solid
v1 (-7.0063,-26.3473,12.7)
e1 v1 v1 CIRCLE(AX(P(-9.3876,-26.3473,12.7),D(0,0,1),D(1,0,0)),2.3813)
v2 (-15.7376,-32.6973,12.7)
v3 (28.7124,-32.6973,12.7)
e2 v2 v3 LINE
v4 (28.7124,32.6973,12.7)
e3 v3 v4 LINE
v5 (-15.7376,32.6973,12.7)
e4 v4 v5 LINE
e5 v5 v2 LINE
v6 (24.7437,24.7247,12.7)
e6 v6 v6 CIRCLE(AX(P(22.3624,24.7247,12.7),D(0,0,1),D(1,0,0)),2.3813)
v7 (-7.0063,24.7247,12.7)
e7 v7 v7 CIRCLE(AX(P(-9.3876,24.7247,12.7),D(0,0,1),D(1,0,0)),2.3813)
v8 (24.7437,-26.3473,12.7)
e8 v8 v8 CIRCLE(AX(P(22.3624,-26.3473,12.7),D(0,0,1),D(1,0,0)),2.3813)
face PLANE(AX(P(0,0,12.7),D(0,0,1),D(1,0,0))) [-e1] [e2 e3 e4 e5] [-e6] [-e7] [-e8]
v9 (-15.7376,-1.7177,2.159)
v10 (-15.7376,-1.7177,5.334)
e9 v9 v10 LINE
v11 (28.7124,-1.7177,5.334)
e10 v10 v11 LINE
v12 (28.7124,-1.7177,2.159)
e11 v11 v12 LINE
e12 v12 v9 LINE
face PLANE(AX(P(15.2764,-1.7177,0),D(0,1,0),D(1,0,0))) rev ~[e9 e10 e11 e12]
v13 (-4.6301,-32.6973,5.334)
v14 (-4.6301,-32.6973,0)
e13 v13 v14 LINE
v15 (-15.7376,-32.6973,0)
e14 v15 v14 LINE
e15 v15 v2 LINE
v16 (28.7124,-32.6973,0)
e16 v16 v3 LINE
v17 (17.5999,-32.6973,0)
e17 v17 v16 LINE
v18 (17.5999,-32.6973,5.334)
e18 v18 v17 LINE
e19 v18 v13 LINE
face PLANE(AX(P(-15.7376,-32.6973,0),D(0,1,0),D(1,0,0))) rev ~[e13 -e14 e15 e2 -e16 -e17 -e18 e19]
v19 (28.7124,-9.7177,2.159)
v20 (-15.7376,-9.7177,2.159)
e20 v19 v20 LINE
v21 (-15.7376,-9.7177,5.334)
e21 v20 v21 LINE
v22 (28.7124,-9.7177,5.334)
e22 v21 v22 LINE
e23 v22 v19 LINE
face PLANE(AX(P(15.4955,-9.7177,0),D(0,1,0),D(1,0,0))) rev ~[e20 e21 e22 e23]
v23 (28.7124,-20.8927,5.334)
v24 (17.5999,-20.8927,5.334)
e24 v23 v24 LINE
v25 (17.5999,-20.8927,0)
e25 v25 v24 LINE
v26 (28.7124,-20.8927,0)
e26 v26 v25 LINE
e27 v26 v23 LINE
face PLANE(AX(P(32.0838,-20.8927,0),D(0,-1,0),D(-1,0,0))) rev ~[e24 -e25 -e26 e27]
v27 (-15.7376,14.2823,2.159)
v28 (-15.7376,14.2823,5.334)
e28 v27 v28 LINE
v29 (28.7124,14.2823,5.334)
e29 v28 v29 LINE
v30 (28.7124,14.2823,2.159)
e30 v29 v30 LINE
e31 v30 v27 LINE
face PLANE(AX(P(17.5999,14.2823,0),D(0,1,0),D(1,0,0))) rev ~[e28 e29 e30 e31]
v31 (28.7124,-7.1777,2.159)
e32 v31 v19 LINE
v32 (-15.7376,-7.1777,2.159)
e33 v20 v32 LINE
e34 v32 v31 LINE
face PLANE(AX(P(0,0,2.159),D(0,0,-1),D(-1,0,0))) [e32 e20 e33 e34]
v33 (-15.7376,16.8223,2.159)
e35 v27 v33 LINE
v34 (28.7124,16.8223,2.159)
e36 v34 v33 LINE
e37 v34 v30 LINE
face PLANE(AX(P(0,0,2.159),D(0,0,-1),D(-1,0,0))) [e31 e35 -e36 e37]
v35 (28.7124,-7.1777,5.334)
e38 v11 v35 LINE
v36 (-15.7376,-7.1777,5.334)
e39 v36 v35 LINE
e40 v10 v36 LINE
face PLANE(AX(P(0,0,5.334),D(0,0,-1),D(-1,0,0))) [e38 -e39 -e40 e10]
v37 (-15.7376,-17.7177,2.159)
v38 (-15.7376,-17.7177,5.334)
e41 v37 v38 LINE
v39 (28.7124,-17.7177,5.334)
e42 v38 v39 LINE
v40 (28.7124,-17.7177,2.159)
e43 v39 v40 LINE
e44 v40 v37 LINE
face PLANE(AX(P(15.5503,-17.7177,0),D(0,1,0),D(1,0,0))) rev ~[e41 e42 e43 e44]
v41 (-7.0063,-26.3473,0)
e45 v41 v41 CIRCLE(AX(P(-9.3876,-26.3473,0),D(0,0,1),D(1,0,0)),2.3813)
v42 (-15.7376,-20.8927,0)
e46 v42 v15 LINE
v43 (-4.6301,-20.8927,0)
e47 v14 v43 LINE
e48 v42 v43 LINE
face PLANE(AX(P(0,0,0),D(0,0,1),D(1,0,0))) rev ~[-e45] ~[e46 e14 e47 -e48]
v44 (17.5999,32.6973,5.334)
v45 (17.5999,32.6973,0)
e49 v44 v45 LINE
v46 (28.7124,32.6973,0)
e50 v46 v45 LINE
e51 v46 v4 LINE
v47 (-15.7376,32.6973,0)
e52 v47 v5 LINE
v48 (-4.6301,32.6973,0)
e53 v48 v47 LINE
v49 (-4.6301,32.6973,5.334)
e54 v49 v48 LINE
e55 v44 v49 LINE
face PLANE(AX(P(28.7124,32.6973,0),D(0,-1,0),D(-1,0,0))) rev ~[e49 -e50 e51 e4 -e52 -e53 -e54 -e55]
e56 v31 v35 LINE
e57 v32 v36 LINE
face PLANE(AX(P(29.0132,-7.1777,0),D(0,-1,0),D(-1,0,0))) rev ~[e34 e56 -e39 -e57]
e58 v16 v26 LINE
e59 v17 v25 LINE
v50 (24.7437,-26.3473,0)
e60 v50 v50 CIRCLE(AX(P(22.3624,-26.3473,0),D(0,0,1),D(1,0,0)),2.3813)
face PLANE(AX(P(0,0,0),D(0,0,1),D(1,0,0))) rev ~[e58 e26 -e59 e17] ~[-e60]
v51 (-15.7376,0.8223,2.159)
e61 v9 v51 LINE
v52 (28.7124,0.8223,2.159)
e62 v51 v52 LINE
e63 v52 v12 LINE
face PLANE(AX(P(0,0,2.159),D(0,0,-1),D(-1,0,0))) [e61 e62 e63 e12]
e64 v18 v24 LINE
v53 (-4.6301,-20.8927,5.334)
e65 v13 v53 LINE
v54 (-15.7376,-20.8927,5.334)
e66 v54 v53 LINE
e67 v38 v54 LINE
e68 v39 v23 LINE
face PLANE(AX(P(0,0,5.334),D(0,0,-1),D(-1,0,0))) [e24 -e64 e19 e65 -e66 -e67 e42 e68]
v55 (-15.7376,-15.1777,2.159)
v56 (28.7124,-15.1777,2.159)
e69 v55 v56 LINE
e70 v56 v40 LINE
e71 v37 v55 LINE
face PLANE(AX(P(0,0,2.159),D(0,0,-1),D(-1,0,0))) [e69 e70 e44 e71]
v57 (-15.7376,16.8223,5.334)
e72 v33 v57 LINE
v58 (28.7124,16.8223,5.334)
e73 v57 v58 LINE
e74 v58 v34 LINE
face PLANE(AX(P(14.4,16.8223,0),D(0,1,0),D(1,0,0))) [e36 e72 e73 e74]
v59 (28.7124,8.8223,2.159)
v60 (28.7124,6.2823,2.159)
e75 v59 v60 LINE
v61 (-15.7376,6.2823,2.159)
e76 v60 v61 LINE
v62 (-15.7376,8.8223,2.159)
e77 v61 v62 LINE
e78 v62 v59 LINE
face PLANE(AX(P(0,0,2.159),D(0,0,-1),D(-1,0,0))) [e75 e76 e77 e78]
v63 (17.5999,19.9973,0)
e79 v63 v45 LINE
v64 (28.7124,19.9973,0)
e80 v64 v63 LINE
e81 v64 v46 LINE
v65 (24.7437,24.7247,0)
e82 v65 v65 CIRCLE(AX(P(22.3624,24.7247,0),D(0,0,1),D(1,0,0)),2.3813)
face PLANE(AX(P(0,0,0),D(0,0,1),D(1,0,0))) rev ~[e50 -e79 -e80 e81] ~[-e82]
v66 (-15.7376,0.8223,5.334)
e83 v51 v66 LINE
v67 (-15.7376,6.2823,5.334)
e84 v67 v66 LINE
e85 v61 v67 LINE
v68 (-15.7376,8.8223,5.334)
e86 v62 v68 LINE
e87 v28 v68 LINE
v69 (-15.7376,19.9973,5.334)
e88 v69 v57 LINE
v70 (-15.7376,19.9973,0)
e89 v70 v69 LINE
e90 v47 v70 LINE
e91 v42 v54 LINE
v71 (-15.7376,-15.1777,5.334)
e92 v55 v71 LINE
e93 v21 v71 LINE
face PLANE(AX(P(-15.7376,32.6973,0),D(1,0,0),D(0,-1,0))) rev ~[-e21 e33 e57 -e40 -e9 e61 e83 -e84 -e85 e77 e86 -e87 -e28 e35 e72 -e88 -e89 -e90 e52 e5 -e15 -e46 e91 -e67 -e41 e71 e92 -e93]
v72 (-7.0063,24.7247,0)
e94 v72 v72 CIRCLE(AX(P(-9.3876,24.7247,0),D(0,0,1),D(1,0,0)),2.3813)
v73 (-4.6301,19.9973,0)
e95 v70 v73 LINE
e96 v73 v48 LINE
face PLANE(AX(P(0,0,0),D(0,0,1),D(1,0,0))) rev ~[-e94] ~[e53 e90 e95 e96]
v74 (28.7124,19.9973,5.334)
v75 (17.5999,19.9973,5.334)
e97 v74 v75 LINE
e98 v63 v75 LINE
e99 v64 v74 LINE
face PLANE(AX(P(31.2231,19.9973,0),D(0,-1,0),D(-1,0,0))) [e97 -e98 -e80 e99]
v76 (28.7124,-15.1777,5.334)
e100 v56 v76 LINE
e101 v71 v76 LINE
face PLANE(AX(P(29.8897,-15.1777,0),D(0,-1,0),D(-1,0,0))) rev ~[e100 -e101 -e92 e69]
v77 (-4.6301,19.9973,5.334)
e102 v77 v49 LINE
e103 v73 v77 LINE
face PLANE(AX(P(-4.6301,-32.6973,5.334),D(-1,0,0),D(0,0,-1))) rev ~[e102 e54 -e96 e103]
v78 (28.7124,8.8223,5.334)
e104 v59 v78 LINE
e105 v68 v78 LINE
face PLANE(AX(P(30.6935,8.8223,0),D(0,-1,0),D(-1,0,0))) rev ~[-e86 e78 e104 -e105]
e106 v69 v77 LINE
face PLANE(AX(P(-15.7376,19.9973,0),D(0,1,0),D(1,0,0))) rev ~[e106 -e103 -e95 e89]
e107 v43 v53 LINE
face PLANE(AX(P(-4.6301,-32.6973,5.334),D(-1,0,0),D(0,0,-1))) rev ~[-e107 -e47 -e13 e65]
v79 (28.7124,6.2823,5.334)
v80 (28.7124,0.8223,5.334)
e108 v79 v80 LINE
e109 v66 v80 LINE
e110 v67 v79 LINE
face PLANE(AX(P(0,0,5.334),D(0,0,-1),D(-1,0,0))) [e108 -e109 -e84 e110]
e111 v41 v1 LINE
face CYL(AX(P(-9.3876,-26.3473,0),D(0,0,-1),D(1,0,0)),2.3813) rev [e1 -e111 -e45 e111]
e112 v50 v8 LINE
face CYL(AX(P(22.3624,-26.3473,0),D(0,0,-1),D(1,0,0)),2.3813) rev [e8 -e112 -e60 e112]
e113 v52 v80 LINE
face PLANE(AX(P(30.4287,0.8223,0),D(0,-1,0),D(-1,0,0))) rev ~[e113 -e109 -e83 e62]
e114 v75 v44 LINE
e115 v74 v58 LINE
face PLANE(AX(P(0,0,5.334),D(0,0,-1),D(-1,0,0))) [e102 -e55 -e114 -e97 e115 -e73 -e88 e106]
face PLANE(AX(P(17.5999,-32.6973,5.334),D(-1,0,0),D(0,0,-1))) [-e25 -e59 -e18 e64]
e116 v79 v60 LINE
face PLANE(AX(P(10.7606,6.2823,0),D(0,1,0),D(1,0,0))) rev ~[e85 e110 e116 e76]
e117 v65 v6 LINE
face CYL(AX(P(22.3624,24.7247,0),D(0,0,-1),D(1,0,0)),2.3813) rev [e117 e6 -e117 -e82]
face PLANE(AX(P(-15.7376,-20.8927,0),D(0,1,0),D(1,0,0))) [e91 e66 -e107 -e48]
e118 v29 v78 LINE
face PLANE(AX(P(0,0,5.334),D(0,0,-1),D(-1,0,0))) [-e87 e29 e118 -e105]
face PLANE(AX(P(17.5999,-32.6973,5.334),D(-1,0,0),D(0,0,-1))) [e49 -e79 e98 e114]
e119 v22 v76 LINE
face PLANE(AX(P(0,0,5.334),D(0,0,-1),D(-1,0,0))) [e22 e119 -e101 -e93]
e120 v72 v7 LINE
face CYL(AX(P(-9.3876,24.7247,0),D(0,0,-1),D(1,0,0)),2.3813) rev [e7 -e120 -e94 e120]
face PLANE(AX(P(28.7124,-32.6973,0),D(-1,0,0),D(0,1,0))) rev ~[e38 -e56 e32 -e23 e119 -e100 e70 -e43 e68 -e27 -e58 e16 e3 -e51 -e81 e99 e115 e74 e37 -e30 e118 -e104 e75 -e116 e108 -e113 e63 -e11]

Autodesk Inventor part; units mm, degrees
ref_plane "YZ Plane" through (0, 0, 0) normal (1, 0, 0) x (0, 1, 0)
ref_plane "XZ Plane" through (0, 0, 0) normal (0, 1, 0) x (-1, 0, 0)
sketch "Sketch1" plane through (0, 0, 0) normal (0, 0, 1) x (1, 0, 0)
  circle A0 centre (22.3624, 24.7247) radius 2.3813 projected
  circle A1 centre (22.3624, -26.3473) radius 2.3813 projected
  circle A2 centre (-9.3876, 24.7247) radius 2.3813 projected
  circle A3 centre (-9.3876, -26.3473) radius 2.3813 projected
  line L0 (28.7124, 32.6973) -> (-15.7376, 32.6973) projected
  line L1 (-15.7376, 32.6973) -> (-15.7376, -32.6973) projected
  line L2 (-15.7376, -32.6973) -> (28.7124, -32.6973) projected
  line L3 (28.7124, -32.6973) -> (28.7124, 32.6973) projected
  point P0 (0, 0)
extrude "Extrusion1" add sketch "Sketch1" along normal blind 12.7
sketch "Sketch2" plane through (-15.7376, -32.6973, 0) normal (0, -1, 0) x (1, 0, 0)
  line L0 (11.1075, 69.4178) -> (11.1075, 0)
  line L1 (33.3375, 69.1638) -> (33.3375, 0)
  line L2 (11.1075, 0) -> (33.3375, 0)
  line L3 (0, 9.525) -> (44.45, 9.525)
  line L4 (11.1075, 0) -> (33.3375, 0)
  line L5 (33.3375, 0) -> (33.3375, 5.334)
  line L6 (33.3375, 5.334) -> (11.1075, 5.334)
  line L7 (11.1075, 5.334) -> (11.1075, 0)
  line L8 (0, 0) -> (44.45, 0) projected
  point P0 (15.875, 0)
  point P1 (11.1075, 5.334)
  dimension "d2" = 5.334
  dimension "d21" = 0
extrude "Extrusion2" cut sketch "Sketch2" against normal blind 76.2 contours L6 L1 L2 L0
ref_plane "Work Plane1" through (-16.0653, -32.8267, -33.655) normal (0, 0, -1) x (0, 1, 0)
sketch "Sketch3" plane through (17.5999, -32.6973, 5.334) normal (0, 0, -1) x (-1, 0, 0)
  line L0 (0, 0) -> (0, 65.3946) projected
  line L1 (0, 46.9796) -> (22.23, 46.9796)
  line L2 (22.23, 46.9796) -> (22.23, 49.5196)
  line L3 (22.23, 49.5196) -> (0, 49.5196)
  line L4 (0, 49.5196) -> (0, 46.9796)
  line L5 (0, 65.3946) -> (22.23, 65.3946) projected
  line L6 (33.3375, 65.3946) -> (33.3375, 0) projected
  line L7 (0, 38.9796) -> (22.23, 38.9796)
  line L8 (22.23, 38.9796) -> (22.23, 41.5196)
  line L9 (22.23, 41.5196) -> (0, 41.5196)
  line L10 (0, 41.5196) -> (0, 38.9796)
  line L11 (0, 30.9796) -> (22.23, 30.9796)
  line L12 (22.23, 30.9796) -> (22.23, 33.5196)
  line L13 (22.23, 33.5196) -> (0, 33.5196)
  line L14 (0, 33.5196) -> (0, 30.9796)
  line L15 (0, 22.9796) -> (22.23, 22.9796)
  line L16 (22.23, 22.9796) -> (22.23, 25.5196)
  line L17 (22.23, 25.5196) -> (0, 25.5196)
  line L18 (0, 25.5196) -> (0, 22.9796)
  line L19 (0, 14.9796) -> (22.23, 14.9796)
  line L20 (22.23, 14.9796) -> (22.23, 17.5196)
  line L21 (22.23, 17.5196) -> (0, 17.5196)
  line L22 (0, 17.5196) -> (0, 14.9796)
  point P0 (17.5999, 32.6973)
  point P1 (0, 17.5196)
  point P2 (0, 14.9796)
  point P3 (0, 25.5196)
  point P4 (0, 22.9796)
  point P5 (0, 33.5196)
  point P6 (0, 30.9796)
  point P7 (0, 41.5196)
  point P8 (0, 38.9796)
  point P9 (0, 49.5196)
  dimension "d6" = 15.875
  dimension "d7" = 2.54
  dimension "d10" = 8
extrude "Extrusion3" add sketch "Sketch3" along normal blind 5.334
sketch "Sketch4" plane through (0, 0, 0) normal (0, 0, -1) x (-1, 0, 0)
  line L0 (4.6301, 14.2823) -> (4.6301, 16.8223)
  line L1 (15.7376, 32.6973) -> (15.7376, -32.6973) projected
  line L2 (4.6301, 16.8223) -> (15.7376, 16.8223)
  line L3 (15.7376, 16.8223) -> (15.7376, 19.9973)
  line L4 (15.7376, 19.9973) -> (4.6301, 19.9973)
  line L5 (4.6301, 19.9973) -> (4.6301, 16.8223)
  line L6 (4.6301, 14.2823) -> (4.6301, 8.8223)
  line L7 (4.6301, 6.2823) -> (4.6301, 0.8223)
  line L8 (4.6301, -1.7177) -> (4.6301, -7.1777)
  line L9 (4.6301, -9.7177) -> (4.6301, -15.1777)
  line L10 (-17.5999, 14.2823) -> (4.6301, 14.2823)
  line L11 (4.6301, 14.2823) -> (15.7376, 14.2823)
  line L12 (15.7376, 14.2823) -> (15.7376, 8.8223)
  line L13 (15.7376, 8.8223) -> (4.6301, 8.8223)
  line L14 (4.6301, 8.8223) -> (4.6301, 14.2823)
  line L15 (4.6301, 0.8223) -> (4.6301, 6.2823)
  line L16 (4.6301, 6.2823) -> (15.7376, 6.2823)
  line L17 (15.7376, 6.2823) -> (15.7376, 0.8223)
  line L18 (15.7376, 0.8223) -> (4.6301, 0.8223)
  line L19 (4.6301, 0.8223) -> (4.6301, 6.2823)
  line L20 (4.6301, -7.1777) -> (4.6301, -1.7177)
  line L21 (4.6301, -1.7177) -> (15.7376, -1.7177)
  line L22 (15.7376, -1.7177) -> (15.7376, -7.1777)
  line L23 (15.7376, -7.1777) -> (4.6301, -7.1777)
  line L24 (4.6301, -7.1777) -> (4.6301, -1.7177)
  line L25 (4.6301, -15.1777) -> (4.6301, -9.7177)
  line L26 (4.6301, -9.7177) -> (15.7376, -9.7177)
  line L27 (15.7376, -9.7177) -> (15.7376, -15.1777)
  line L28 (15.7376, -15.1777) -> (4.6301, -15.1777)
  line L29 (4.6301, -15.1777) -> (4.6301, -9.7177)
  line L30 (4.6301, -32.6973) -> (4.6301, -17.7177) projected
  line L31 (4.6301, -17.7177) -> (15.7376, -17.7177)
  line L32 (15.7376, -17.7177) -> (15.7376, -20.8927)
  line L33 (15.7376, -20.8927) -> (4.6301, -20.8927)
  line L34 (4.6301, -20.8927) -> (4.6301, -17.7177)
  line L35 (-28.7124, 32.6973) -> (15.7376, 32.6973) construction
  line L36 (-6.4874, 32.6973) -> (-6.4874, -33.4306) construction
  line L37 (-14.4, 16.8223) -> (-31.2231, 16.8223)
  line L38 (-31.2231, 16.8223) -> (-31.2231, 19.9973)
  line L39 (-31.2231, 19.9973) -> (-14.4, 19.9973)
  line L40 (-14.4, 19.9973) -> (-14.4, 16.8223)
  line L41 (-15.2764, -1.7177) -> (-15.2764, -7.1777)
  line L42 (-15.4955, -9.7177) -> (-15.4955, -15.1777)
  line L43 (-14.1435, 14.2823) -> (-30.6935, 14.2823)
  line L44 (-30.6935, 14.2823) -> (-30.6935, 8.8223)
  line L45 (-30.6935, 8.8223) -> (-16.0059, 8.8223)
  line L46 (-16.0059, 8.8223) -> (-14.1435, 14.2823)
  line L47 (-10.7606, 6.2823) -> (-30.4287, 6.2823)
  line L48 (-30.4287, 6.2823) -> (-30.4287, 0.8223)
  line L49 (-30.4287, 0.8223) -> (-15.6598, 0.8223)
  line L50 (-15.6598, 0.8223) -> (-10.7606, 6.2823)
  line L51 (-15.2764, -7.1777) -> (-15.2764, -1.7177)
  line L52 (-15.2764, -1.7177) -> (-29.0132, -1.7177)
  line L53 (-29.0132, -1.7177) -> (-29.0132, -7.1777)
  line L54 (-29.0132, -7.1777) -> (-15.2764, -7.1777)
  line L55 (-15.2764, -7.1777) -> (-15.2764, -1.7177)
  line L56 (-15.4955, -15.1777) -> (-15.4955, -9.7177)
  line L57 (-15.4955, -9.7177) -> (-29.8897, -9.7177)
  line L58 (-29.8897, -9.7177) -> (-29.8897, -15.1777)
  line L59 (-29.8897, -15.1777) -> (-15.4955, -15.1777)
  line L60 (-15.4955, -15.1777) -> (-15.4955, -9.7177)
  line L61 (-15.5503, -17.7177) -> (-32.0838, -17.7177)
  line L62 (-32.0838, -17.7177) -> (-32.0838, -20.8927)
  line L63 (-32.0838, -20.8927) -> (-15.5503, -20.8927)
  line L64 (-15.5503, -20.8927) -> (-15.5503, -17.7177)
  point P0 (0, 0)
  point P1 (-15.4955, -15.1777)
  point P2 (-15.2764, -7.1777)
  point P3 (4.6301, -20.8927)
  point P4 (15.7376, -17.7177)
  point P5 (4.6301, -15.1777)
  point P6 (15.7376, -9.7177)
  point P7 (15.7376, -1.7177)
  point P8 (4.6301, 0.8223)
  point P9 (15.7376, 6.2823)
  point P10 (4.6301, 8.8223)
  point P11 (15.7376, 14.2823)
  point P12 (15.7376, 16.8223)
  dimension "d17" = 3.175
  dimension "d18" = 3.175
extrude "Extrusion4" cut sketch "Sketch4" against normal blind 5.334 contours L1 L33 L30 L31 | L1 L28 L9 L26 | L1 L23 L8 L21 | L1 L18 L7 L16 | L11 L1 L13 L6 | L46 L45 L44 L43 L10 | L5 L4 L1 L2 | L37 L38 L39 L40 | L41 L54 L53 L52 | L42 L59 L58 L57 | L50 L49 L48 L47 | L64 L63 L62 L61
sketch "Sketch5" plane through (0, 0, 0) normal (0, 0, -1) x (-1, 0, 0)
  line L0 (17.6982, 19.0646) -> (-30.6897, 19.0646)
  line L1 (-30.6897, 19.0646) -> (-30.6897, -19.7169)
  line L2 (-30.6897, -19.7169) -> (17.6982, -19.7169)
  line L3 (17.6982, -19.7169) -> (17.6982, 19.0646)
extrude "Extrusion5" cut sketch "Sketch5" against normal blind 2.159
properties part number "Belt Clamp"
